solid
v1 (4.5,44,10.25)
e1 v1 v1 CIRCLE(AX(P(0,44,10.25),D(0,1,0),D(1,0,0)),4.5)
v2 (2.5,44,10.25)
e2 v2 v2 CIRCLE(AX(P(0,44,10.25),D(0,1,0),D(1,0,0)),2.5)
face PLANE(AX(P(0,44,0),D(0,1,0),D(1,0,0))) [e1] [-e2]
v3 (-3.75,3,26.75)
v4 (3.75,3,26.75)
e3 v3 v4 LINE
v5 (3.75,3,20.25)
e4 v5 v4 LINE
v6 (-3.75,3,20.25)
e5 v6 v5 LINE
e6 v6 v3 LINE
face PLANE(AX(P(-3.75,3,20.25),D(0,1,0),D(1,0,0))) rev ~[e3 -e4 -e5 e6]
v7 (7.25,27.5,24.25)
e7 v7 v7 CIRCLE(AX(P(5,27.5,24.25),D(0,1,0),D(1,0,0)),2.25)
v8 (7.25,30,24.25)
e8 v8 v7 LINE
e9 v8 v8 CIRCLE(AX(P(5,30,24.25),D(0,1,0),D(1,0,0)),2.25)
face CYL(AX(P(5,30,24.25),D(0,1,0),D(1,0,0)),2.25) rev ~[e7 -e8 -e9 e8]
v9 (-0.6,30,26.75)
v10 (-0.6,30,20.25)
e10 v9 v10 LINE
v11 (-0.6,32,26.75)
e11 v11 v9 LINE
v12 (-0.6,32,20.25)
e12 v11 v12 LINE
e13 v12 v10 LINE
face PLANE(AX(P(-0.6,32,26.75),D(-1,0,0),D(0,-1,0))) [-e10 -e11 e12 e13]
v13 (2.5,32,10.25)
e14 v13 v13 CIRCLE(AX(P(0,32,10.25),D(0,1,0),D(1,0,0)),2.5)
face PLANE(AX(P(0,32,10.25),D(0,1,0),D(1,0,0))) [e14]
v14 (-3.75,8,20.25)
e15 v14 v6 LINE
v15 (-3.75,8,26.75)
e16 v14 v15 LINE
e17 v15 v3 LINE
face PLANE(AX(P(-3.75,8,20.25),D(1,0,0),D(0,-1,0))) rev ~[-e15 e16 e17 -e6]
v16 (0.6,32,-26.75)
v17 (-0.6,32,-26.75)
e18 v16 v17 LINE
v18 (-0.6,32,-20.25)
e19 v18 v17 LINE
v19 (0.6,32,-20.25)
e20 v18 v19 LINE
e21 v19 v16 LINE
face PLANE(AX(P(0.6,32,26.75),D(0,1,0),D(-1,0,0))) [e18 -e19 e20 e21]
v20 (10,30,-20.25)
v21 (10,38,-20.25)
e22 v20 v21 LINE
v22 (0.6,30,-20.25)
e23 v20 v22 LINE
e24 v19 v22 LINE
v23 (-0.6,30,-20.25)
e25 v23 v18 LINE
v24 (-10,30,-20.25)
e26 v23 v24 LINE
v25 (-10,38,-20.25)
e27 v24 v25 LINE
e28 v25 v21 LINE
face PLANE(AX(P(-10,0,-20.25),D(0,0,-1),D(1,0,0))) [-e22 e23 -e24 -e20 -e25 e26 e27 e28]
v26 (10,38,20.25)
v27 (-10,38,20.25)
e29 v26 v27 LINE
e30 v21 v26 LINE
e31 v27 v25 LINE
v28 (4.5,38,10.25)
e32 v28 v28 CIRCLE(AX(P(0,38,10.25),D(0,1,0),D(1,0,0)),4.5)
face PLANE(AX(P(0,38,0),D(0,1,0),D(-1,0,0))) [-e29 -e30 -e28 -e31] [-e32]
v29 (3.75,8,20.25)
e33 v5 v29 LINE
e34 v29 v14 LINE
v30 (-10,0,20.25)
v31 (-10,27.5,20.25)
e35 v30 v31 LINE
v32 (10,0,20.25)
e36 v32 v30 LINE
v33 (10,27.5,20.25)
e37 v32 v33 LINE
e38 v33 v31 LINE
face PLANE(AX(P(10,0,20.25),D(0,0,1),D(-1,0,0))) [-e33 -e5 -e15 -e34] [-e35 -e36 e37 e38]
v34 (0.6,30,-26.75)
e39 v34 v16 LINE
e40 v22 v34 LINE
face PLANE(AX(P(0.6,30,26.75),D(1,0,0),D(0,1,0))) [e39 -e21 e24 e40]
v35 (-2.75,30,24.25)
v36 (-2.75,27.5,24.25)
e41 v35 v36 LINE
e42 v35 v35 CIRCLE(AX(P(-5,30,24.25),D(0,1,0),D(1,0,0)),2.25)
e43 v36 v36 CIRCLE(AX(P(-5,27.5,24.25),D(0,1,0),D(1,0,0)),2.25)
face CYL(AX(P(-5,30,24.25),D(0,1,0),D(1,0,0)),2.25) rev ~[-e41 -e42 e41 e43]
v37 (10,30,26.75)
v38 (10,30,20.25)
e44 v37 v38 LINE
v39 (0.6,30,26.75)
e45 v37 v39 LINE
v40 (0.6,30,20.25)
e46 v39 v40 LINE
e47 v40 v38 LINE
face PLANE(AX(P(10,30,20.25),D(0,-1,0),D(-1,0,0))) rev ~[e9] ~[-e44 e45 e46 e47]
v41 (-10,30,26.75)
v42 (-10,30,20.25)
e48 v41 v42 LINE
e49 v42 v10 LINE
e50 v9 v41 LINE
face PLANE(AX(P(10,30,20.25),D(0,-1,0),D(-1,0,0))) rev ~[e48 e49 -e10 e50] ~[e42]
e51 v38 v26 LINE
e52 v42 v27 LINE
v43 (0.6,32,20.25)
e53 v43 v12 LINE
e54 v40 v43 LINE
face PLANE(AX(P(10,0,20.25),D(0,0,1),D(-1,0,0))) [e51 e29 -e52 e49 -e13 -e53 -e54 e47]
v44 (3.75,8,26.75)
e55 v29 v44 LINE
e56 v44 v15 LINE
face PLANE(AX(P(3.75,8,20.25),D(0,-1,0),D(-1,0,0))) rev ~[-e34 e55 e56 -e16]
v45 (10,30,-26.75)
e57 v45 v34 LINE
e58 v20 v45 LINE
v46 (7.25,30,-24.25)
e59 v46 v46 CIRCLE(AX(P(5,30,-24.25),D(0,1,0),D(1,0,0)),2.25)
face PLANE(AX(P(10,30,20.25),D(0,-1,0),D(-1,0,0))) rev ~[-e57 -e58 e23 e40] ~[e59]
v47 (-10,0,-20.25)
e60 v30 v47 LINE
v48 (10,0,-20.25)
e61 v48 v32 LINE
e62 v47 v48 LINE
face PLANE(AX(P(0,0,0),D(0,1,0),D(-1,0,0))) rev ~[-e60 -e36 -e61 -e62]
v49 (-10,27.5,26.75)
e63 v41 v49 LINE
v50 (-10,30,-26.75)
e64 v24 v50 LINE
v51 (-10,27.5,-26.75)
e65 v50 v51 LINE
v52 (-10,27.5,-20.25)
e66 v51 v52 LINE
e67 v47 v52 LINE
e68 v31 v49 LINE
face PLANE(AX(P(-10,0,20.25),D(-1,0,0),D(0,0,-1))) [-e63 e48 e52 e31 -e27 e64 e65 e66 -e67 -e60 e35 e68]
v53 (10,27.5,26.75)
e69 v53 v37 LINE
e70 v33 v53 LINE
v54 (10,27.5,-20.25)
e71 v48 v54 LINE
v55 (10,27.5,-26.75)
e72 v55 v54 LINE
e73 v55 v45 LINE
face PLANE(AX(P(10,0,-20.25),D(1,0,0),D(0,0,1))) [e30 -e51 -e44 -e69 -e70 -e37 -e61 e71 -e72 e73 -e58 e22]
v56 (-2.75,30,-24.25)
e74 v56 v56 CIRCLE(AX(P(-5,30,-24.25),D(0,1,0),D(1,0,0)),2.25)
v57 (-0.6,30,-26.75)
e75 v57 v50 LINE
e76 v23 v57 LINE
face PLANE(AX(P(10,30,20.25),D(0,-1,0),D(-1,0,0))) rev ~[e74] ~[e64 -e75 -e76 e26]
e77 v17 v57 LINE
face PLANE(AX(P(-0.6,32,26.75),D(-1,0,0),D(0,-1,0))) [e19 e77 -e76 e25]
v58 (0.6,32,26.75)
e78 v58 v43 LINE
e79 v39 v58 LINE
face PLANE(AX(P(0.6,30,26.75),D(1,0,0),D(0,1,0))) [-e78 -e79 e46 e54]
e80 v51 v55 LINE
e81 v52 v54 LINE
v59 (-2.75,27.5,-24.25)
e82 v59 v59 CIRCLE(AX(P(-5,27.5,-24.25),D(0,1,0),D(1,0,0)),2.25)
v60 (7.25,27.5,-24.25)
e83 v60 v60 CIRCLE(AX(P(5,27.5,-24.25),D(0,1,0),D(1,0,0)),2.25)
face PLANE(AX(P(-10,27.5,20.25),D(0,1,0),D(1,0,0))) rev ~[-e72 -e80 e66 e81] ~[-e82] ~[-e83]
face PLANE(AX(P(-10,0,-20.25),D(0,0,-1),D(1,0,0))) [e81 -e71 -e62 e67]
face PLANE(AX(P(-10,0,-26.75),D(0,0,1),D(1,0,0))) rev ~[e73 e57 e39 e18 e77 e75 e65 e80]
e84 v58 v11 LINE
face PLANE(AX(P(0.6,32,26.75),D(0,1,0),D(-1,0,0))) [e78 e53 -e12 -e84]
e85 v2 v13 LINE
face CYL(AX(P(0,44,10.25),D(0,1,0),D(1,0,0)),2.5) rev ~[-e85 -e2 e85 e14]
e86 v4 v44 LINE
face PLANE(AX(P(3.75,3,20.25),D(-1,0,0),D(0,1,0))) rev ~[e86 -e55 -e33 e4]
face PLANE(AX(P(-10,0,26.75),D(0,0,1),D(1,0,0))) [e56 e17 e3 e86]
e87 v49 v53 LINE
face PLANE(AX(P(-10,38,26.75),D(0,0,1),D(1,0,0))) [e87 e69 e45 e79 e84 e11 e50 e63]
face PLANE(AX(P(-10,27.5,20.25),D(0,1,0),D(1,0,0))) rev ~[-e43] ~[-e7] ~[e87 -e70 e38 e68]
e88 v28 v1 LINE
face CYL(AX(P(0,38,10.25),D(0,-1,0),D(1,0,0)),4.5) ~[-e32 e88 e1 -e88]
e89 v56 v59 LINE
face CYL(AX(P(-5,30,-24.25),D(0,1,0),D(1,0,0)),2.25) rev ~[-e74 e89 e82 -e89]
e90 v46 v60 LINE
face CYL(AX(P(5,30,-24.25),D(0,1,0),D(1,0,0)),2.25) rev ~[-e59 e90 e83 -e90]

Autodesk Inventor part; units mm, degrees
ref_plane "YZ Plane" through (0, 0, 0) normal (1, 0, 0) x (0, 1, 0)
ref_plane "XZ Plane" through (0, 0, 0) normal (0, 1, 0) x (-1, 0, 0)
ref_plane "XY Plane" through (0, 0, 0) normal (0, 0, 1) x (1, 0, 0)
sketch "Sketch1" plane through (0, 0, 0) normal (0, 1, 0) x (-1, 0, 0)
  line L0 (-10, 20.25) -> (10, 20.25)
  line L1 (10, 20.25) -> (10, -20.25)
  line L2 (10, -20.25) -> (-10, -20.25)
  line L3 (-10, -20.25) -> (-10, 20.25)
  point P0 (0, 0)
  point P1 (0, 20.25)
  point P2 (10, 0)
  dimension "s_width" = 40.5
  dimension "s_depth" = 20
extrude "Extrusion1" add sketch "Sketch1" along normal blind 38
sketch "Sketch2" plane through (-10, 0, 20.25) normal (0, 0, 1) x (1, 0, 0)
  line L0 (0, 38) -> (20, 38) construction
  line L1 (10, 38) -> (10, 0) construction
  line L2 (0, 27.5) -> (20, 27.5)
  line L3 (20, 27.5) -> (20, 30)
  line L4 (20, 30) -> (0, 30)
  line L5 (0, 30) -> (0, 27.5)
  dimension "s_land_thickness" = 2.5
  dimension "s_land_dist_top" = 8
extrude "Extrusion2" add sketch "Sketch2" along normal blind 6.5 and the other way blind 47
sketch "Sketch3" plane through (-10, 30, 20.25) normal (0, 1, 0) x (1, 0, 0)
  line L0 (0, -6.5) -> (0, 0) construction
  line L1 (20, 0) -> (20, -6.5) construction
  circle A0 centre (5, -4) radius 2.25
  line L2 (0, -4) -> (20, -4) construction
  line L3 (20, -6.5) -> (0, -6.5) projected
  line L4 (0, 47) -> (0, 40.5) construction
  line L5 (0, 44.5) -> (20, 44.5) construction
  line L6 (20, 47) -> (20, 40.5) construction
  line L7 (0, 47) -> (20, 47) projected
  circle A1 centre (15, 44.5) radius 2.25
  circle A2 centre (15, -4) radius 2.25
  circle A3 centre (5, 44.5) radius 2.25
  point P0 (10, 20.25)
  dimension "s_hole_dia" = 4.5
  dimension "s_hole_front_dist" = 2.5
  dimension "d13" = 2.5
  dimension "s_hole_side_dist" = 2.75
  dimension "d42" = 2.75
extrude "Extrusion3" cut sketch "Sketch3" against normal up to next
sketch "Sketch4" plane through (-10, 0, 20.25) normal (0, 0, 1) x (1, 0, 0)
  line L0 (6.25, 3) -> (13.75, 3)
  line L1 (13.75, 3) -> (13.75, 8)
  line L2 (13.75, 8) -> (6.25, 8)
  line L3 (6.25, 8) -> (6.25, 3)
  line L4 (10, 0) -> (10, 27.5) construction
  line L5 (20, 27.5) -> (0, 27.5) construction
  line L6 (20, 0) -> (0, 0) construction
  point P0 (10, 8)
  dimension "s_cable_height" = 5
  dimension "s_cable_width" = 7.5
  dimension "s_cable_dist_bottom" = 3
extrude "Extrusion4" add sketch "Sketch4" along normal blind 6.5
sketch "Sketch5" plane through (-10, 38, 20.25) normal (0, 0, 1) x (1, 0, 0)
  line L0 (0, 0) -> (20, 0) construction
  line L1 (10, 0) -> (10, -8) construction
  line L2 (0, -8) -> (20, -8) construction
  line L3 (0, -8) -> (0, 0) construction
  line L4 (0, -4) -> (20, -4) construction
  line L5 (20, -8) -> (20, 0) construction
  line L6 (9.4, -8) -> (10.6, -8)
  line L7 (10.6, -8) -> (10.6, -6)
  line L8 (10.6, -6) -> (9.4, -6)
  line L9 (9.4, -6) -> (9.4, -8)
  line L10 (20, -8) -> (0, -8) projected
  point P0 (10, -38)
  point P1 (10, -8)
  dimension "s_land_pin_thickness" = 2
  dimension "d27" = 1.2
extrude "Extrusion5" add sketch "Sketch5" against normal up to surface (53.5 mm away) from surface at 6.5
sketch "Sketch6" plane through (0, 38, 0) normal (0, 1, 0) x (1, 0, 0)
  circle A0 centre (0, -10.25) radius 4.5
  line L0 (0, 0) -> (0, -26.75) construction
  line L1 (-10, -26.75) -> (10, -26.75) construction
  line L2 (10, 20.25) -> (-10, 20.25) projected
  line L3 (-10, -20.25) -> (10, -20.25) projected
  dimension "s_shaft_dia" = 9
  dimension "s_shaft_front_dist" = 10
extrude "Extrusion6" add sketch "Sketch6" along normal blind 6
sketch "Sketch8" plane through (0, 44, 10.25) normal (0, 1, 0) x (1, 0, 0)
  circle A0 centre (0, 0) radius 2.5
  circle A1 centre (0, 0) radius 4.5 construction
  point P0 (0, 10.25)
  dimension "d39" = 5
extrude "Extrusion8" cut sketch "Sketch8" against normal blind 12
equation "\"d7\" = s_land + s_width"
equation "\"d13\" = s_hole_front_dist"
equation "\"d42\" = s_hole_side_dist"
equation "\"s_land\" = 6.5"
properties part number "Servo"
